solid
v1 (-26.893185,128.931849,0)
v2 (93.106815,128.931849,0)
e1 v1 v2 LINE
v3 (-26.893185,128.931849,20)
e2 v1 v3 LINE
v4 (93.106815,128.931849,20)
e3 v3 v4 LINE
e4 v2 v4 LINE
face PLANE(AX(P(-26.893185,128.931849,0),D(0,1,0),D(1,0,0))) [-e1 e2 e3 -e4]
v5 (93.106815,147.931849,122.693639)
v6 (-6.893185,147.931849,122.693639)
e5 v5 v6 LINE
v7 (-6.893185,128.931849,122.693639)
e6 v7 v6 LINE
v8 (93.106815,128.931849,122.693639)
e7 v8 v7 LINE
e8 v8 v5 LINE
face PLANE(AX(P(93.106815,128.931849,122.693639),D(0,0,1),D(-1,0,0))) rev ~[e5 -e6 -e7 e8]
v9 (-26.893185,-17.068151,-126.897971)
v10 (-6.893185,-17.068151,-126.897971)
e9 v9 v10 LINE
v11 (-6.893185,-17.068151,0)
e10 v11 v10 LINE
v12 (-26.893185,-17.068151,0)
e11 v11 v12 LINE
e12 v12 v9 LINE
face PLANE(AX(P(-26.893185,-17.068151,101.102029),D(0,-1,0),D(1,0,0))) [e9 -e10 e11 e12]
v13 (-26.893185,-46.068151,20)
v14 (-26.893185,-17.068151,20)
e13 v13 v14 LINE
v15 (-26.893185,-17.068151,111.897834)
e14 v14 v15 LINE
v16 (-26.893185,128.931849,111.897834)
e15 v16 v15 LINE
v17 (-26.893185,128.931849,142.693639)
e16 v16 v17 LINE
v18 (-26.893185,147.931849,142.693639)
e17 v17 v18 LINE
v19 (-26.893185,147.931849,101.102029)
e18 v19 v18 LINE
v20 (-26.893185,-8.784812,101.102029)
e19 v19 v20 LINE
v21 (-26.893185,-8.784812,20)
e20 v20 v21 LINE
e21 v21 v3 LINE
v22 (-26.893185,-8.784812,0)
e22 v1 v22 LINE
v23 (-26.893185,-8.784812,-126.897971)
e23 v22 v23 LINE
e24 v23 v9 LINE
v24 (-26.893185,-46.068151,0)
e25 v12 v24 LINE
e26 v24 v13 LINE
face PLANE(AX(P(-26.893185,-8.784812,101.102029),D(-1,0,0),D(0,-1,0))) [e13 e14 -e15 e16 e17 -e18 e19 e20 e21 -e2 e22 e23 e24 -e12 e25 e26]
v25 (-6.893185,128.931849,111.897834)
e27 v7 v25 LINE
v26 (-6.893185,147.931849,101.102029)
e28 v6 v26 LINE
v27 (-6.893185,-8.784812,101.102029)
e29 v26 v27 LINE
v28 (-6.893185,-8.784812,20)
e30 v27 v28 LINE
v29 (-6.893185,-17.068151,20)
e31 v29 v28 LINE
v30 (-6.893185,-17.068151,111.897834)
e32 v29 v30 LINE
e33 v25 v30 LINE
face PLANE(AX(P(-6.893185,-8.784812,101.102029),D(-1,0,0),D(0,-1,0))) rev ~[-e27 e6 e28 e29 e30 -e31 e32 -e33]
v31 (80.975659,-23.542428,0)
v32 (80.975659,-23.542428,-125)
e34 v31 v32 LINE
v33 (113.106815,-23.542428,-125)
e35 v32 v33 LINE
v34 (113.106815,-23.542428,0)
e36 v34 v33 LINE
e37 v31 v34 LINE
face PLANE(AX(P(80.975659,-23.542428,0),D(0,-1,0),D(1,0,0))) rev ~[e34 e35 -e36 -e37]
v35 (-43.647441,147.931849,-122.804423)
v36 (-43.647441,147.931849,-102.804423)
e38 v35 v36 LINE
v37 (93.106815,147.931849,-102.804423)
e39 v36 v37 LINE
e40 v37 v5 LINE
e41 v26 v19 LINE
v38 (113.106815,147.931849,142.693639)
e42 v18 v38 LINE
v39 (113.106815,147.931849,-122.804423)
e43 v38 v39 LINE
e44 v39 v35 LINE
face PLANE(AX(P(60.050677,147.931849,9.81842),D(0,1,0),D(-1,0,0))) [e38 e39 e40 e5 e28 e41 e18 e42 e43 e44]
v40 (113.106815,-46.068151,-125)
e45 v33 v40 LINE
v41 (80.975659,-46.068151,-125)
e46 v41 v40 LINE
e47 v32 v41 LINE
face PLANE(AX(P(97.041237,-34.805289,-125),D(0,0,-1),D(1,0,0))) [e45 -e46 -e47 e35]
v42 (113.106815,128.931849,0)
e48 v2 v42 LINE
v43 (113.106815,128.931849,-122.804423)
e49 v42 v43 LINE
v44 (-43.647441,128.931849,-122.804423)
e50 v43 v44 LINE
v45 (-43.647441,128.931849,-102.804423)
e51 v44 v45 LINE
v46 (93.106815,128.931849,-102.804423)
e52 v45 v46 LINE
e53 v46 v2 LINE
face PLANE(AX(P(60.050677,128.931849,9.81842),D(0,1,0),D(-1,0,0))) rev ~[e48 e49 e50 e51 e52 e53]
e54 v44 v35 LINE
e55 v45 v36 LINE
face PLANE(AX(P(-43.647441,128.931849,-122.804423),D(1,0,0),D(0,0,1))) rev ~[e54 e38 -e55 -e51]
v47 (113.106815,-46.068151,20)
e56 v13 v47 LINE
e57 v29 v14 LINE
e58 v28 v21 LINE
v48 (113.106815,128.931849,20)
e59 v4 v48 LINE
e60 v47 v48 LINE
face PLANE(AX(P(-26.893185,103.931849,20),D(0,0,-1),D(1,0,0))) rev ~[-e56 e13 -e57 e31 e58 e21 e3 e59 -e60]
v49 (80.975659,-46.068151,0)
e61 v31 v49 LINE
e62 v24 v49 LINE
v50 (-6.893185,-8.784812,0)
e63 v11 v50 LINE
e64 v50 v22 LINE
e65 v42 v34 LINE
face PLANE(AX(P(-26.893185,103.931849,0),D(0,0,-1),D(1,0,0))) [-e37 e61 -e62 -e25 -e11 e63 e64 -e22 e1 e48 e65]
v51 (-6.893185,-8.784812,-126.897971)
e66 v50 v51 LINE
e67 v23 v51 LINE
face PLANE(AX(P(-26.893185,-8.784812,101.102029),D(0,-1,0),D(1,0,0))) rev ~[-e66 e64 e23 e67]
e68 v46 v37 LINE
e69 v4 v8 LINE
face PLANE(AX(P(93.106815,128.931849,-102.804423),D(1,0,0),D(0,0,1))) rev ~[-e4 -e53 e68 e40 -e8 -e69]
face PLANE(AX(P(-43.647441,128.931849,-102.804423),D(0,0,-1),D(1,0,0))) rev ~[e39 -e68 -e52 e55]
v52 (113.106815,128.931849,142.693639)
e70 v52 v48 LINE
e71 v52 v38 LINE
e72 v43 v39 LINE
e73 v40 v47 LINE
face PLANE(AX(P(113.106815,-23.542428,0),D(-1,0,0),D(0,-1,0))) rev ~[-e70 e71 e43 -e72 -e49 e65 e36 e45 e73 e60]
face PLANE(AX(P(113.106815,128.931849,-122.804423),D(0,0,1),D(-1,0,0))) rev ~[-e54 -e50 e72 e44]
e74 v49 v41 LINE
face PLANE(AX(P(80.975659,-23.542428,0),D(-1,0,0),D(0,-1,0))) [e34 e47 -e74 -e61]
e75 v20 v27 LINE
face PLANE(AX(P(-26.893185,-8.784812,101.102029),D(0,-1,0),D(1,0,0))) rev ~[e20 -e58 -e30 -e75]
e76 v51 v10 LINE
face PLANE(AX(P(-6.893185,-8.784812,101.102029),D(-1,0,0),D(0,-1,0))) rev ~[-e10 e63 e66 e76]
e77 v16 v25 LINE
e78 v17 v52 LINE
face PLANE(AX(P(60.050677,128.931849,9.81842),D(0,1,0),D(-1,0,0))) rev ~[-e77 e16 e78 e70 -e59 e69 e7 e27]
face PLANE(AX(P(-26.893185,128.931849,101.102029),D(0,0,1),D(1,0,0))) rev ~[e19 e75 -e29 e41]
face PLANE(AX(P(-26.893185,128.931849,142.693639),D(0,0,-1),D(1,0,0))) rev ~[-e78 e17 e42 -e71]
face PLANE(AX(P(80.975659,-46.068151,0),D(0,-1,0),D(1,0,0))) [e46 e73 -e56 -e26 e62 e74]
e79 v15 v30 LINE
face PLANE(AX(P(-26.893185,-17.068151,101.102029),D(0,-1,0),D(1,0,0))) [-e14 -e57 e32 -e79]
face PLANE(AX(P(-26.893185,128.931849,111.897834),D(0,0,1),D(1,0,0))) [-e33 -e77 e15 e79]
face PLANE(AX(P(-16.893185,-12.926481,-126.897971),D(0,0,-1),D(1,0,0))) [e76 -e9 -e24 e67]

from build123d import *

# Parameters (mm, degrees)
F0_W      = 140
F0_H      = 150
F1_DEPTH  = 20
F2_DEPTH  = 25
F4_DEPTH  = 19
F5_W      = 20
F5_H      = 10.7958046891
F6_DEPTH  = 146
F7_W      = 32.1311553568
F7_H      = 22.5257221609
F8_DEPTH  = 125
F9_W      = 20
F9_H      = 8.2833381355
F10_DEPTH = 228


with BuildPart() as f1:
    # F0 (on Top) → F1 (new body)
    with BuildSketch(Plane.XY):
        with Locations((43.1068145484, 28.9318494499)):
            Rectangle(F0_W, F0_H)
    extrude(amount=F1_DEPTH)

    # F2 (add): a face of the model
    f2_faces = [f1.faces().sort_by_distance(p)[0] for p in [
        (43.1068145484, 103.9318494499, 10),
    ]]
    extrude(f2_faces, amount=F2_DEPTH)

    # F3 (on face) → F4 (join)
    with BuildSketch(Plane(origin=(0, 128.9318494499, 0), x_dir=(-1, 0, 0), z_dir=(0, 1, 0))):
        Polygon((6.8931854516, 101.1020294233), (26.8931854516, 101.1020294233), (26.8931854516, 142.6936388016), (-113.1068145484, 142.6936388016), (-113.1068145484, -122.8044226003), (43.6474412288, -122.8044226003), (43.6474412288, -102.8044226003), (-93.1068145484, -102.8044226003), (-93.1068145484, 122.6936388016), (6.8931854516, 122.6936388016), align=None)
    extrude(amount=F4_DEPTH)

    # F5 (on face) → F6 (join)
    with BuildSketch(Plane.XZ.offset(-128.9318494499)):
        with Locations((-16.8931854516, 106.4999317679)):
            Rectangle(F5_W, F5_H)
    extrude(amount=F6_DEPTH)

    # F7 (on face) → F8 (join)
    with BuildSketch(Plane(origin=(0, 0, 0), x_dir=(1, 0, 0), z_dir=(0, 0, -1))):
        with Locations((97.04123687, 34.8052894697)):
            Rectangle(F7_W, F7_H)
    extrude(amount=F8_DEPTH)

    # F9 (on face) → F10 (join)
    with BuildSketch(Plane(origin=(0, 0, 101.1020294233), x_dir=(1, 0, 0), z_dir=(0, 0, -1))):
        with Locations((-16.8931854516, 12.9264814824)):
            Rectangle(F9_W, F9_H)
    extrude(amount=F10_DEPTH)


solid = f1.part
